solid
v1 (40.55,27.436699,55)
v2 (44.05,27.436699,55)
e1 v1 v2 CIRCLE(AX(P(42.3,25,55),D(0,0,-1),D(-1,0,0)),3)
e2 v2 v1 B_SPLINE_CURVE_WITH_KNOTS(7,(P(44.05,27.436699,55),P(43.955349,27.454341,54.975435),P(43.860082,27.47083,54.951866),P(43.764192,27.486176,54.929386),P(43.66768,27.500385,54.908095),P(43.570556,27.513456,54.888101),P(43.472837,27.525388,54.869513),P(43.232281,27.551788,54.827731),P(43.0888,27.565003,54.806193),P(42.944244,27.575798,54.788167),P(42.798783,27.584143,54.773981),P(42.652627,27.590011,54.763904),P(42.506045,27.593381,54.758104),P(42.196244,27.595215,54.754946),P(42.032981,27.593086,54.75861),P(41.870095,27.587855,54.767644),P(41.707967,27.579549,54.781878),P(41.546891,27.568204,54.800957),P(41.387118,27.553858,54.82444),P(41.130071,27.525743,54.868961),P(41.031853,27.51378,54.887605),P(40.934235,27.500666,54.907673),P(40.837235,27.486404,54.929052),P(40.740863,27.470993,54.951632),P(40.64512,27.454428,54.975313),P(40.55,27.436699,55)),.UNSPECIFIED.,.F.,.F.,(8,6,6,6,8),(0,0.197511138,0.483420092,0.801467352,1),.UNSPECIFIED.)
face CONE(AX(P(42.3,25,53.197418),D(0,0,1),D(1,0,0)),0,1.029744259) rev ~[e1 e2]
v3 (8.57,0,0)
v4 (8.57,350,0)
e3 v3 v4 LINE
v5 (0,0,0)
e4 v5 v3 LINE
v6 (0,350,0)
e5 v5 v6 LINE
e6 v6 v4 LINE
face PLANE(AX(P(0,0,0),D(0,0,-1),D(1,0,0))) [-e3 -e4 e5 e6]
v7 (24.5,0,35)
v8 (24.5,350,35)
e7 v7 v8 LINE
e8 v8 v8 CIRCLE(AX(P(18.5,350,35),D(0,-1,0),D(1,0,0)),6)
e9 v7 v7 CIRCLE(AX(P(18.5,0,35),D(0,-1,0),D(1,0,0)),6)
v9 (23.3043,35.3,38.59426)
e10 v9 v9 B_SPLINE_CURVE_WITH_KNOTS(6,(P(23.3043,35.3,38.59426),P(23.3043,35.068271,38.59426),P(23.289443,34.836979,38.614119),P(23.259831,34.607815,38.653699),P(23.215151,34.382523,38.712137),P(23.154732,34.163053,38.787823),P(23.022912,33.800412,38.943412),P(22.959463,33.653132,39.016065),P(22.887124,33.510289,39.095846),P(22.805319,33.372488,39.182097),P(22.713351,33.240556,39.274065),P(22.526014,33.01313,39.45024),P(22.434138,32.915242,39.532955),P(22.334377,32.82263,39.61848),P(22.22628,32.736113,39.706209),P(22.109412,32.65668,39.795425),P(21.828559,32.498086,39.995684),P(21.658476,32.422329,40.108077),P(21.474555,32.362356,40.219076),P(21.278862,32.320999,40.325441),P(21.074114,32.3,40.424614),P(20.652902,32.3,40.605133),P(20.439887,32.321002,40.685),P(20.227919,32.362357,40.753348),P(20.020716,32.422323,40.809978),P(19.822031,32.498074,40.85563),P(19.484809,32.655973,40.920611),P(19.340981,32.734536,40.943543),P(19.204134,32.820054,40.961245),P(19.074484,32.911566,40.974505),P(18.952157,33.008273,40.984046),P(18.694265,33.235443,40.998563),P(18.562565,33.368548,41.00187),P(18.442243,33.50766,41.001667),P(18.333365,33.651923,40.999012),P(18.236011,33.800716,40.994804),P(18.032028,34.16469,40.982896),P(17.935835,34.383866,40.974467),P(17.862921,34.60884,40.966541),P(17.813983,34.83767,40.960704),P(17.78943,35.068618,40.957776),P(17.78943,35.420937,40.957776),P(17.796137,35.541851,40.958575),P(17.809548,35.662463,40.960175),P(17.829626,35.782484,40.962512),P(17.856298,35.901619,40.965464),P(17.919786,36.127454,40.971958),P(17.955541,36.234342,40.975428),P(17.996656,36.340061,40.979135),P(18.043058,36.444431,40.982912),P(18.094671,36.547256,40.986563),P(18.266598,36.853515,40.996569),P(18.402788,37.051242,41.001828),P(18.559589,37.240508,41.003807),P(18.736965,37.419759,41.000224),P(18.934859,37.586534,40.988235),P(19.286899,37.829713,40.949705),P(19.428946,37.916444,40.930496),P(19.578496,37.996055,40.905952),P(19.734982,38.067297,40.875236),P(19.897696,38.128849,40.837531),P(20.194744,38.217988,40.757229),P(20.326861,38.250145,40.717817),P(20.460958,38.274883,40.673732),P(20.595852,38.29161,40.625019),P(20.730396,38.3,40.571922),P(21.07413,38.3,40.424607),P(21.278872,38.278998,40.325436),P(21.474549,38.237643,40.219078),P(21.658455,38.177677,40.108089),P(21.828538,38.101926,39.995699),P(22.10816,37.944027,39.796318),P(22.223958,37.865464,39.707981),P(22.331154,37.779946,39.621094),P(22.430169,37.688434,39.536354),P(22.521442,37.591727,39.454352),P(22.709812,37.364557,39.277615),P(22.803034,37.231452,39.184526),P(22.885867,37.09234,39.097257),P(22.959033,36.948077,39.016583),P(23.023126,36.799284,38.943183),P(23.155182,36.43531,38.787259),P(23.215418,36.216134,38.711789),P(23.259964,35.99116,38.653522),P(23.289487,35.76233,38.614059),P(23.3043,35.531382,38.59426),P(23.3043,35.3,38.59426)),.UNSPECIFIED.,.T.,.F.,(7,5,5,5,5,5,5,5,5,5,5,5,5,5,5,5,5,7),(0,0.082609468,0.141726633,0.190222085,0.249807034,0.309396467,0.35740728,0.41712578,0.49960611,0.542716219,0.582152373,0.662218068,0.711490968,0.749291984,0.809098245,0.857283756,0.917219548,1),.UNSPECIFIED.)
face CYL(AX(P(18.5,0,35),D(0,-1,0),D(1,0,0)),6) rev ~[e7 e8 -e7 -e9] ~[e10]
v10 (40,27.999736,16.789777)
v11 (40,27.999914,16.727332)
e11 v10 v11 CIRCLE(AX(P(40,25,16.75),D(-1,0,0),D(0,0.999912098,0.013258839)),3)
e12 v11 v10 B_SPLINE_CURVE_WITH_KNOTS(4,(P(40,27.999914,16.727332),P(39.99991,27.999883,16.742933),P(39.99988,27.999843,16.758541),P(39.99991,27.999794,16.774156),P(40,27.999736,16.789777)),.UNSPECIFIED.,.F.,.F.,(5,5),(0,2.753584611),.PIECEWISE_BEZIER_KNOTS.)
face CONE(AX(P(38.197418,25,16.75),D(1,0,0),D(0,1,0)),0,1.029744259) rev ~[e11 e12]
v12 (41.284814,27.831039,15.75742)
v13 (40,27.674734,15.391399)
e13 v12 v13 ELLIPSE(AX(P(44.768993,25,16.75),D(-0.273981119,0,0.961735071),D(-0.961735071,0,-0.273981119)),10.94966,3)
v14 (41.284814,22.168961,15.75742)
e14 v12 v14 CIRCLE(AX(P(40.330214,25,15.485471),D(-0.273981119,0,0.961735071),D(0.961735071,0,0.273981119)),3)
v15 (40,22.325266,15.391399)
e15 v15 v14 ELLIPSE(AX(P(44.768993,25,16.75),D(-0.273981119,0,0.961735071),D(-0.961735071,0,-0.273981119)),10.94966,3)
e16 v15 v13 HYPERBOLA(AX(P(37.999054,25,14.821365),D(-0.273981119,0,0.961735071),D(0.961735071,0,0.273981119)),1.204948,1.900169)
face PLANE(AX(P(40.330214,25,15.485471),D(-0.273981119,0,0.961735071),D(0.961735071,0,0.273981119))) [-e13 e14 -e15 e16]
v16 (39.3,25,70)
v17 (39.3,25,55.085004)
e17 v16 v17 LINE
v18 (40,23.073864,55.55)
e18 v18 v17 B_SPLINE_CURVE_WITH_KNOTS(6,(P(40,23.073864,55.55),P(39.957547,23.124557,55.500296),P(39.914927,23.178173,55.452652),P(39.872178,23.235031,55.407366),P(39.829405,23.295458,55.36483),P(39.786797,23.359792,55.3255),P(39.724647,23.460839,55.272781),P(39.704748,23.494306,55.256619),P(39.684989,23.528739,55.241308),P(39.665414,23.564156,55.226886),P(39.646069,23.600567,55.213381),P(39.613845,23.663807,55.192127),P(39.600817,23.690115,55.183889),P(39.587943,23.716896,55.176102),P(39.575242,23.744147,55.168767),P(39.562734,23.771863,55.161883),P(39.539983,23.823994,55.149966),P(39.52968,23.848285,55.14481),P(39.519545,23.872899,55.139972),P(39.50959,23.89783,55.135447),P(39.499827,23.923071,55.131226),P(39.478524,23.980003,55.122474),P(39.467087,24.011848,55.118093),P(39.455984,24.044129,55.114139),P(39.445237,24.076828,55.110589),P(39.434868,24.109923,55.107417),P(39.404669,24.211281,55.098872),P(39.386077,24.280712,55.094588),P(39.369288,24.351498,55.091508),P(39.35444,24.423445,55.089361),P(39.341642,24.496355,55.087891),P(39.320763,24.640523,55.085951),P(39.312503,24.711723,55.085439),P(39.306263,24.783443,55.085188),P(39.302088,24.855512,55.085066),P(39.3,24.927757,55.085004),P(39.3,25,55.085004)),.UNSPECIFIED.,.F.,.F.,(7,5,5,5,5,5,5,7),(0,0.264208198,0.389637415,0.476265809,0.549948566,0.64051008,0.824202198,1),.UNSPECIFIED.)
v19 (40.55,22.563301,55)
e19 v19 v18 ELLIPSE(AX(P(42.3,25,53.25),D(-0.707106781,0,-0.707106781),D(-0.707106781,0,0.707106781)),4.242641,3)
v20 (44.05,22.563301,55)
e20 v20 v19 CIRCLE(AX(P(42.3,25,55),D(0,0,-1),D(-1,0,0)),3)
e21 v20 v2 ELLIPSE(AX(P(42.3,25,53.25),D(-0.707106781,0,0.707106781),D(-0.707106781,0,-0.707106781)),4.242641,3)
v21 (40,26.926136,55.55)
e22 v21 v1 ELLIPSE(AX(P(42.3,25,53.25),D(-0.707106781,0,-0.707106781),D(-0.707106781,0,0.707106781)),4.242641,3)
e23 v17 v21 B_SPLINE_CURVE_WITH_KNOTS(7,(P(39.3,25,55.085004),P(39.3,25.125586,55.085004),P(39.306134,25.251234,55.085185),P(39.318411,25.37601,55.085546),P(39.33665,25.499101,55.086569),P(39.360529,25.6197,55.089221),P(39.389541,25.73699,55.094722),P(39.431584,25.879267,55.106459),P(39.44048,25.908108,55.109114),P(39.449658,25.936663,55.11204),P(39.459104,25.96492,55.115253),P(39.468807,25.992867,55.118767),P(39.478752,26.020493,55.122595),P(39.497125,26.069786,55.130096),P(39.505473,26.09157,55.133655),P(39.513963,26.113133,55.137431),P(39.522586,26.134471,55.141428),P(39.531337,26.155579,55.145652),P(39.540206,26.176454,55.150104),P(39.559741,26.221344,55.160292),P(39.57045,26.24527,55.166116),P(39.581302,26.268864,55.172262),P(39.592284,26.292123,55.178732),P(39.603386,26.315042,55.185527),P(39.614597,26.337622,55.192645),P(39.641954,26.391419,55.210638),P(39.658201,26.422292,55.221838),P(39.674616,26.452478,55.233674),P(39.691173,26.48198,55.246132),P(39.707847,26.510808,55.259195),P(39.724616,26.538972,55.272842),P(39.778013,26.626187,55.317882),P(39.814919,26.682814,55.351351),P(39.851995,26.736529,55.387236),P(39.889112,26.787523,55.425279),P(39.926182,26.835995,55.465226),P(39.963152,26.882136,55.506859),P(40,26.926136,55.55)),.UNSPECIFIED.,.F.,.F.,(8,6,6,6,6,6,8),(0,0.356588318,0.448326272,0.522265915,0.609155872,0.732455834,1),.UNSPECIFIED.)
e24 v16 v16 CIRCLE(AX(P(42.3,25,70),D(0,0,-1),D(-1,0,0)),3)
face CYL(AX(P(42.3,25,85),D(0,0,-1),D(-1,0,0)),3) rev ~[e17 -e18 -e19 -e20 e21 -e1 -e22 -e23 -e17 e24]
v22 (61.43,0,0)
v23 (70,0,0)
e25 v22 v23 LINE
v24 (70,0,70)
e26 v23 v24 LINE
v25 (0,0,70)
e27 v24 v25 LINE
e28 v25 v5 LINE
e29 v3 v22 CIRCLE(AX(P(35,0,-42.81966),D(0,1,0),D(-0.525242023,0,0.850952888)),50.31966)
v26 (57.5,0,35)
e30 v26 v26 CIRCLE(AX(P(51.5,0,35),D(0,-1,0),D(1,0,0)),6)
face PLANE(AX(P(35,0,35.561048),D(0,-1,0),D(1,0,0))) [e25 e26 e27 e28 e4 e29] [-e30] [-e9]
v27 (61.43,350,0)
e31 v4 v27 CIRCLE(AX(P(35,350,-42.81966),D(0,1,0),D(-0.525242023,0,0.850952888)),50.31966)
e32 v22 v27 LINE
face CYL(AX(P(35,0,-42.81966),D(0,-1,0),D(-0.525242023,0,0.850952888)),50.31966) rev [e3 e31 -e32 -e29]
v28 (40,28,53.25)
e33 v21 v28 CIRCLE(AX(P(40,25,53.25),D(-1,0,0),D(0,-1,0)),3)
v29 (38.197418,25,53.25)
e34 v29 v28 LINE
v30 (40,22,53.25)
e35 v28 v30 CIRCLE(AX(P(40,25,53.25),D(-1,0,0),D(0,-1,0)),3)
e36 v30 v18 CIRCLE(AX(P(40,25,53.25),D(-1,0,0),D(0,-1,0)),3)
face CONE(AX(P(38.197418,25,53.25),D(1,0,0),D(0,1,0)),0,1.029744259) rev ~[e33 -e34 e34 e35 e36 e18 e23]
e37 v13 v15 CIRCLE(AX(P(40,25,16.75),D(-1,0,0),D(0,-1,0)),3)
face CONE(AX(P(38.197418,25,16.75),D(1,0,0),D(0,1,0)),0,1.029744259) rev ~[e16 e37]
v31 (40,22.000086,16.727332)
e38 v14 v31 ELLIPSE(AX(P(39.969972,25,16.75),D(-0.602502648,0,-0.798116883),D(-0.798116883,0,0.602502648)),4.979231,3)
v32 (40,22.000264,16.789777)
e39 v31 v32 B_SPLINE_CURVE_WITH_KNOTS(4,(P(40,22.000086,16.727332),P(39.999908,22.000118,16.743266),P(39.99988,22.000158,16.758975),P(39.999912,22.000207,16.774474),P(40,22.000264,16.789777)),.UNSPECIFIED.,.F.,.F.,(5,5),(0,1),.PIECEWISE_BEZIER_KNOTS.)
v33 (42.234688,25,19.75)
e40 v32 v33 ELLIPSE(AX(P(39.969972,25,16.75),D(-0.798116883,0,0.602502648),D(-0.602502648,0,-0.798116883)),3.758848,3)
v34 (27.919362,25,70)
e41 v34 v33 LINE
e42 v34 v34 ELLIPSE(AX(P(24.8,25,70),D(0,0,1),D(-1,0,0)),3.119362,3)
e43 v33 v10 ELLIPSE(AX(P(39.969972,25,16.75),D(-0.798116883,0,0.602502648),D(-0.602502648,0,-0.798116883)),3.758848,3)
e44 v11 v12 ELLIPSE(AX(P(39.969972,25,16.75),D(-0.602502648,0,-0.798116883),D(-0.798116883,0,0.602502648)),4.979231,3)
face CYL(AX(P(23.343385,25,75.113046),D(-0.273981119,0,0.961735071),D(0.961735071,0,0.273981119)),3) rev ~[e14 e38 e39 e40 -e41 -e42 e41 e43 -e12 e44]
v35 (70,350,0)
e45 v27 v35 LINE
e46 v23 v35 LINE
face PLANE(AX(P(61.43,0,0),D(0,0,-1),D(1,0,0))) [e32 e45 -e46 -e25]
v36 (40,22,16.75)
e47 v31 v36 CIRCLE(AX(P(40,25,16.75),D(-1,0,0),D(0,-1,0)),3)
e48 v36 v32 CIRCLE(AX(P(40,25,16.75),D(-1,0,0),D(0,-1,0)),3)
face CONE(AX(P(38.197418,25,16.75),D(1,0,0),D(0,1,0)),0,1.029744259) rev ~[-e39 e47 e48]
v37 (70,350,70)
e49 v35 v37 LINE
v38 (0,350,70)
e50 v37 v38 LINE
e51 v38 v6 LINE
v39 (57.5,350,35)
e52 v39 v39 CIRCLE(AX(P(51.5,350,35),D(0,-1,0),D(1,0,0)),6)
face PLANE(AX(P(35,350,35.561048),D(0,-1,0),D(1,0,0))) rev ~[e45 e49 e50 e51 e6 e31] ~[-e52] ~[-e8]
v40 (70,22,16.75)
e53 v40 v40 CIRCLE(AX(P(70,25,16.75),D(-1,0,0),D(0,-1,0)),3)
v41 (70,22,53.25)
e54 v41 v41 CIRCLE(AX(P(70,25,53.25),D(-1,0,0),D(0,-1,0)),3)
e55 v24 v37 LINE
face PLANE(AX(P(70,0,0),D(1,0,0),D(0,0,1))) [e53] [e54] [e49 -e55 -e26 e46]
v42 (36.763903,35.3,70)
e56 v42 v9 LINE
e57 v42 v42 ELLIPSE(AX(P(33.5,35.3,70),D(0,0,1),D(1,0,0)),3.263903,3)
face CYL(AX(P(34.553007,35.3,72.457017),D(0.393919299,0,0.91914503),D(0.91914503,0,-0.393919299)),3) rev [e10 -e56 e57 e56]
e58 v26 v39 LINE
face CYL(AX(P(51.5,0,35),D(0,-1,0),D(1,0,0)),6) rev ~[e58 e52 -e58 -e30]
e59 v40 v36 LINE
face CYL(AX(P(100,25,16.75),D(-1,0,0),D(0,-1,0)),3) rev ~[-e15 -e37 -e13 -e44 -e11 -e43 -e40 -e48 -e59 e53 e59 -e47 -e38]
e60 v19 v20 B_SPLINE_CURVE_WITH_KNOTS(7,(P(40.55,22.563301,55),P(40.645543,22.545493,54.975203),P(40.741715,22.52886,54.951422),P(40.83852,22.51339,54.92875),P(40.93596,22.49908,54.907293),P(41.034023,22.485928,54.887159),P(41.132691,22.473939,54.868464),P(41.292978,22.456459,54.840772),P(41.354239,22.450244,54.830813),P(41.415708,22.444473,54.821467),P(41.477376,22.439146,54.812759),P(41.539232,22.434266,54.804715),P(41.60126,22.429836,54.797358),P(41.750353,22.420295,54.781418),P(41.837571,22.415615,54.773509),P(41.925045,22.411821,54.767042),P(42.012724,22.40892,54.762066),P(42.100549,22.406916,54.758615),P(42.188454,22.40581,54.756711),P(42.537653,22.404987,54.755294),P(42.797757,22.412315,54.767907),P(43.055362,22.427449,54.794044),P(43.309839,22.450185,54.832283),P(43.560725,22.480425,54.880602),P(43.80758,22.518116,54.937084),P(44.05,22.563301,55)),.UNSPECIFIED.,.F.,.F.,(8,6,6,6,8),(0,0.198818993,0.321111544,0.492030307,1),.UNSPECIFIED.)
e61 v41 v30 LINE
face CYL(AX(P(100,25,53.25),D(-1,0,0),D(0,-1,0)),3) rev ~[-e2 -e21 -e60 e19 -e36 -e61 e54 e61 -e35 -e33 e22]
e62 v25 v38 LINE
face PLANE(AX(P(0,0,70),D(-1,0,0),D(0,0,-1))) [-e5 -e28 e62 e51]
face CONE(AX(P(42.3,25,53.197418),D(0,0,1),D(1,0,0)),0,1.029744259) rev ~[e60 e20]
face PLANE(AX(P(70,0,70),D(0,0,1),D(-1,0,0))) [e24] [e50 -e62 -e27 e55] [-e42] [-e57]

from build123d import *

# Parameters (mm, degrees)
F0_R      = 6
F1_DEPTH  = 350
F7_D      = 6
F7_DEPTH  = 30
F7_TIP    = 1.8025818571
F8_D      = 6
F8_DEPTH  = 15
F8_TIP    = 1.8025818571
F9_D      = 6
F9_DEPTH  = 30
F9_TIP    = 1.8025818571
F12_R     = 3
F13_DEPTH = 62
F15_R     = 3
F16_DEPTH = 40


with BuildPart() as f1:
    # F0 (on Front) → F1 (new body)
    with BuildSketch(Plane.XZ):
        with BuildLine():
            Line((0, 70), (0, 0))
            Line((0, 0), (8.57, 0))
            ThreePointArc((8.57, 0), (35, 7.5), (61.43, 0))
            Line((61.43, 0), (70, 0))
            Line((70, 0), (70, 70))
            Line((70, 70), (0, 70))
        make_face()
        with Locations((18.5, 35)):
            Circle(F0_R, mode=Mode.SUBTRACT)
        with Locations((51.5, 35)):
            Circle(F0_R, mode=Mode.SUBTRACT)
    extrude(amount=-F1_DEPTH)

    # F7
    with Locations(Plane.YZ.offset(70)):
        with Locations((25, 53.25)):
            Hole(F7_D / 2, depth=F7_DEPTH)
            with Locations((0, 0, -(F7_DEPTH + F7_TIP / 2))):  # 118° drill point
                Cone(0, F7_D / 2, F7_TIP, mode=Mode.SUBTRACT)

    # F8
    with Locations(Plane.XY.offset(70)):
        with Locations((42.3, 25)):
            Hole(F8_D / 2, depth=F8_DEPTH)
            with Locations((0, 0, -(F8_DEPTH + F8_TIP / 2))):  # 118° drill point
                Cone(0, F8_D / 2, F8_TIP, mode=Mode.SUBTRACT)

    # F9
    with Locations(Plane.YZ.offset(70)):
        with Locations((25, 16.75)):
            Hole(F9_D / 2, depth=F9_DEPTH)
            with Locations((0, 0, -(F9_DEPTH + F9_TIP / 2))):  # 118° drill point
                Cone(0, F9_D / 2, F9_TIP, mode=Mode.SUBTRACT)

    # F12 (on line) → F13 (cut)
    with BuildSketch(Plane(origin=(-18.0397945849, 0, 63.3237180608), x_dir=(0.9617350709, 0, 0.2739811188), z_dir=(-0.2739811188, 0, 0.9617350709))):
        with Locations((43.029708076, 25)):
            Circle(F12_R)
    extrude(amount=-F13_DEPTH, mode=Mode.SUBTRACT)

    # F15 (on line) → F16 (cut)
    with BuildSketch(Plane(origin=(31.5961108407, 0, 73.7242586283), x_dir=(0.91914503, 0, -0.3939192986), z_dir=(-0.3939192986, 0, -0.91914503))):
        with Locations((3.2170076051, -35.3)):
            Circle(F15_R)
    extrude(amount=F16_DEPTH, mode=Mode.SUBTRACT)


solid = f1.part
